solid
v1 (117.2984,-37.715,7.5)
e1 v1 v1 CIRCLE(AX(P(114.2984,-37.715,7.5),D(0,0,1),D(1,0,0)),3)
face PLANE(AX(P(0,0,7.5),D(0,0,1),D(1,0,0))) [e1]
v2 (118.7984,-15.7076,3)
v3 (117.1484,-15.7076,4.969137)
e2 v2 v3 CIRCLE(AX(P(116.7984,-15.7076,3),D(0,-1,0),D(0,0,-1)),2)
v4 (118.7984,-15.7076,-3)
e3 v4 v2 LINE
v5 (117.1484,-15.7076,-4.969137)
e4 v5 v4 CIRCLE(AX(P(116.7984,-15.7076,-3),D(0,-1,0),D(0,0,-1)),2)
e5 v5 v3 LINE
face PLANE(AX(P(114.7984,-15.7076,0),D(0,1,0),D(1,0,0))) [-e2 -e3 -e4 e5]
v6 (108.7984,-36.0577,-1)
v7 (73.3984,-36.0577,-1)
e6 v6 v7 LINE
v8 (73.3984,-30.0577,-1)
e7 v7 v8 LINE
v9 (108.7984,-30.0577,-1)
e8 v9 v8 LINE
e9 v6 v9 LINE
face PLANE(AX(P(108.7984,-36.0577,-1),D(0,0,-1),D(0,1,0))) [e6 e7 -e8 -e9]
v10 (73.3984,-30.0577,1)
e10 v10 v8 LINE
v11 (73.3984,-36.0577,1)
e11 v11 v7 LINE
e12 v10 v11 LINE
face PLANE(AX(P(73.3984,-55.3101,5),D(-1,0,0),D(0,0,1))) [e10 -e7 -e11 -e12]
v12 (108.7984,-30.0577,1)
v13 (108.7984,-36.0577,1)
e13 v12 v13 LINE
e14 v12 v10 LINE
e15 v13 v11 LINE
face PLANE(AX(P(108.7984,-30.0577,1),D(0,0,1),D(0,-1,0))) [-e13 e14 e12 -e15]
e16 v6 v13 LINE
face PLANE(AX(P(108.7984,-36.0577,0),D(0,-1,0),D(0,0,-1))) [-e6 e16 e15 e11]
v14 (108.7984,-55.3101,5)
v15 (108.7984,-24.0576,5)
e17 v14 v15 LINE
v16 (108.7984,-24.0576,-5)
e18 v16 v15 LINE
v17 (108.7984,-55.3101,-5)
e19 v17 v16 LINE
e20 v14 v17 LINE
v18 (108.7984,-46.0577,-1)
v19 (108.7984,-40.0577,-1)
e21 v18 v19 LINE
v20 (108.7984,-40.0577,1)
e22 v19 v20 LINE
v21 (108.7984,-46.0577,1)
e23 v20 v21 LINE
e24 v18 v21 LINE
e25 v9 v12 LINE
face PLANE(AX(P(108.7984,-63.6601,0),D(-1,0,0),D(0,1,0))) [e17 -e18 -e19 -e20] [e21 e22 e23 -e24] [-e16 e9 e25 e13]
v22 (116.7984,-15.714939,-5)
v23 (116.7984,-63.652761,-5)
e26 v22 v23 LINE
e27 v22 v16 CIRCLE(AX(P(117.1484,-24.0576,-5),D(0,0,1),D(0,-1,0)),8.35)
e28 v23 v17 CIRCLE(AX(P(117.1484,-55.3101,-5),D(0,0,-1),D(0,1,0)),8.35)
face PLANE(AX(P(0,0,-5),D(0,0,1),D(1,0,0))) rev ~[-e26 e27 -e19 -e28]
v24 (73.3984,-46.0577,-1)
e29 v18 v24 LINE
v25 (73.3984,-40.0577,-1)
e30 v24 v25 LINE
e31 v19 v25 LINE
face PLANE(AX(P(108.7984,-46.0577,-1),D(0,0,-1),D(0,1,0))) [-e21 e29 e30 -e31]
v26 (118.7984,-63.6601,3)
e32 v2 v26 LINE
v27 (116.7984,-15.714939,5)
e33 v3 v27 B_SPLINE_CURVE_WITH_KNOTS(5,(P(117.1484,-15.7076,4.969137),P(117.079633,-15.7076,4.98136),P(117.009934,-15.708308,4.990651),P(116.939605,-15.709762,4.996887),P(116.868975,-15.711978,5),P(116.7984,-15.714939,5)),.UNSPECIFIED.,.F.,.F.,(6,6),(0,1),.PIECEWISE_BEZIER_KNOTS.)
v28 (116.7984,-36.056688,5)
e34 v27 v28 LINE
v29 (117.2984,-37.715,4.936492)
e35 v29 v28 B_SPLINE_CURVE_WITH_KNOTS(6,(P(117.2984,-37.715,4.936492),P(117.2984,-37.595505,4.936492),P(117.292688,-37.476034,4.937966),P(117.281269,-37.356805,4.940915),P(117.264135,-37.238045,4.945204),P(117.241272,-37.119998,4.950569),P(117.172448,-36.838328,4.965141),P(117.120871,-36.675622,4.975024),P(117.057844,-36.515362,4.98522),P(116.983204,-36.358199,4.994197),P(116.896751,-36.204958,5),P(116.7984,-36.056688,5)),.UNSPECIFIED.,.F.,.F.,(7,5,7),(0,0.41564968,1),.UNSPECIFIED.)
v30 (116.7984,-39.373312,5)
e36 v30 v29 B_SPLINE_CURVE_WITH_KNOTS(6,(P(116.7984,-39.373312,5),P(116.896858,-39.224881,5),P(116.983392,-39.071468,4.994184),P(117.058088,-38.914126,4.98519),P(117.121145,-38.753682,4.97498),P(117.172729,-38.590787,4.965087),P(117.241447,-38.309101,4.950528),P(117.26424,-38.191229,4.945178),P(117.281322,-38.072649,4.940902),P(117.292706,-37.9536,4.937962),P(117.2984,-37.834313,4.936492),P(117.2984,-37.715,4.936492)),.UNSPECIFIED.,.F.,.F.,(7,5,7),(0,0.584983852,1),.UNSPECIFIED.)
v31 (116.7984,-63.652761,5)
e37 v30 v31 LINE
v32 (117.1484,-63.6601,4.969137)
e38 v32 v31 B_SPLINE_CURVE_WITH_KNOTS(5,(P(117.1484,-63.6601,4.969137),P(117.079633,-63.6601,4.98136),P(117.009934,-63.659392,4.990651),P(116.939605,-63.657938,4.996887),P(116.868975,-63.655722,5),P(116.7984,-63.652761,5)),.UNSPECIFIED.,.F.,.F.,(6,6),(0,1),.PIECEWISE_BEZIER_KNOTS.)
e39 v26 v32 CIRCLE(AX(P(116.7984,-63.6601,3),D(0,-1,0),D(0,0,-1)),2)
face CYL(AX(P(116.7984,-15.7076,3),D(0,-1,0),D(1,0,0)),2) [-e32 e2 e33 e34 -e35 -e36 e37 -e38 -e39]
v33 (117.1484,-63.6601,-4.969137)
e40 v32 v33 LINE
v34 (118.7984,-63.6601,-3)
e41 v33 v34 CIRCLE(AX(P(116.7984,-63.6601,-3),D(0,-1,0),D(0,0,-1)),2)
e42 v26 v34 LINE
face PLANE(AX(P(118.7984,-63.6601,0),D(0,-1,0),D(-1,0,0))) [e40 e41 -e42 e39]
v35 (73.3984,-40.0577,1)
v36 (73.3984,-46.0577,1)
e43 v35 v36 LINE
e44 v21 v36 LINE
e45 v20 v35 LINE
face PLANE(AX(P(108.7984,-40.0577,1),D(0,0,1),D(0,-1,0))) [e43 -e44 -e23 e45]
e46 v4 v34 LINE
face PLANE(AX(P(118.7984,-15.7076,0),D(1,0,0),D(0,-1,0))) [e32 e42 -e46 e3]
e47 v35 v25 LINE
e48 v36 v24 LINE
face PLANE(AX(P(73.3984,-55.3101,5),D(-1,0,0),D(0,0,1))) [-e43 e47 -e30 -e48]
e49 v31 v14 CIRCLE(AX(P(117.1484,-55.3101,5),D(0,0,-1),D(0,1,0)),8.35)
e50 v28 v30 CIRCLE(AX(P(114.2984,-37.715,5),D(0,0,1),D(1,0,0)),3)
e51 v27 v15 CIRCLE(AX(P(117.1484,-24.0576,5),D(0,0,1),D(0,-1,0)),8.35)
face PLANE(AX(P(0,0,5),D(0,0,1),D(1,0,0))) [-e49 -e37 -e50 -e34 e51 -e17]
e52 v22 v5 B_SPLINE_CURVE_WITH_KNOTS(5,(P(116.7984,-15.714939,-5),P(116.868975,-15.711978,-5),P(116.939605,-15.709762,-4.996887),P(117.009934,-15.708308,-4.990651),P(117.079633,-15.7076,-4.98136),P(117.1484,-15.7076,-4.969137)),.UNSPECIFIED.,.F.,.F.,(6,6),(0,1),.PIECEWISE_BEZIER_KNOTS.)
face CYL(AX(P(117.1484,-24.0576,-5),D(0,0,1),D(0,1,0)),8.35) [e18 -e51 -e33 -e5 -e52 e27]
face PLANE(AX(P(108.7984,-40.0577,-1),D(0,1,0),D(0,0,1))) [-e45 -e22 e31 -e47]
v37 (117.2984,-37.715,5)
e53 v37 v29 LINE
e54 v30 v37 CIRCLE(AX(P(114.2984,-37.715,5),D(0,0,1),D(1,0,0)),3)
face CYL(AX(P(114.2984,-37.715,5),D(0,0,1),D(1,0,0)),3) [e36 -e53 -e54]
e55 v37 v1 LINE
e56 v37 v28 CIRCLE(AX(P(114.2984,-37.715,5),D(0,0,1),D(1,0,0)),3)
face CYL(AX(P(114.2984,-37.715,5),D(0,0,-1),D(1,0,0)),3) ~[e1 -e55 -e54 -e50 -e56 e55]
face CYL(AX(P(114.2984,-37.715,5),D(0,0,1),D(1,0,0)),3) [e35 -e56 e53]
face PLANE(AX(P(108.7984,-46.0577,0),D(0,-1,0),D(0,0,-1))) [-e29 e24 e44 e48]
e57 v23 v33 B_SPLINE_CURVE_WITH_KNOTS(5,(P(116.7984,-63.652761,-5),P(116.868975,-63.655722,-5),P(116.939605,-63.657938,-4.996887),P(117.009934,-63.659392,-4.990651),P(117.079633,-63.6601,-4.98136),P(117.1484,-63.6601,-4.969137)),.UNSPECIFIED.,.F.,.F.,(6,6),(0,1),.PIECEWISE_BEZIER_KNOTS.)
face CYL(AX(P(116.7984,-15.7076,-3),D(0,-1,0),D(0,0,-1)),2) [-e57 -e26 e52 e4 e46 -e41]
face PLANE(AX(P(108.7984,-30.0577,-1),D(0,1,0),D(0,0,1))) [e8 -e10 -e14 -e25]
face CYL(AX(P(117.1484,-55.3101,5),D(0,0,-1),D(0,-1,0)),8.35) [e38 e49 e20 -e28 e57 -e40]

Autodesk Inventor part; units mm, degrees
ref_plane "YZ Plane" through (0, 0, 0) normal (1, 0, 0) x (0, 1, 0)
ref_plane "XZ Plane" through (0, 0, 0) normal (0, 1, 0) x (-1, 0, 0)
ref_plane "XY Plane" through (0, 0, 0) normal (0, 0, 1) x (1, 0, 0)
sketch "Sketch1" plane through (0, 0, 0) normal (0, 0, 1) x (1, 0, 0)
  line L0 (118.7984, -15.7076) -> (118.7984, -63.6601)
  line L1 (118.7984, -63.6601) -> (108.7984, -63.6601)
  line L2 (108.7984, -63.6601) -> (108.7984, -15.7076)
  line L3 (108.7984, -15.7076) -> (118.7984, -15.7076)
  line L4 (114.7984, 76.5) -> (114.7984, -850)
  point P0 (0, 0)
  dimension "d0" = 6
  dimension "d1" = 10
extrude "Extrusion1" add sketch "Sketch1" along normal mid plane 10
fillet "Fillet1" radius 8.35 2 edges at (108.7984, -15.7076, 0) (108.7984, -63.6601, 0)
fillet "Fillet2" radius 2 2 edges at (118.7984, -39.6839, -5) (118.7984, -39.6839, 5)
sketch "Sketch2" plane through (108.7984, -55.3101, 5) normal (-1, 0, 0) x (0, 0, 1)
  line L0 (-10, 31.2524) -> (0, 31.2524) projected
  line L1 (-6, 25.2524) -> (-4, 25.2524)
  line L2 (-4, 25.2524) -> (-4, 19.2524)
  line L3 (-4, 19.2524) -> (-6, 19.2524)
  line L4 (-6, 19.2524) -> (-6, 25.2524)
  line L5 (-5, 424.5751) -> (-5, -1099.7802)
  line L6 (-6, 15.2524) -> (-4, 15.2524)
  line L7 (-4, 15.2524) -> (-4, 9.2524)
  line L8 (-4, 9.2524) -> (-6, 9.2524)
  line L9 (-6, 9.2524) -> (-6, 15.2524)
  line L10 (-6.5, 55.3101) -> (-3.5, 55.3101) projected
  line L11 (-3.5, -794.6899) -> (-3.5, 55.3101) projected
  line L12 (-6.5, -794.6899) -> (-3.5, -794.6899) projected
  line L13 (-6.5, -794.6899) -> (-6.5, 55.3101) projected
  point P0 (-5, 55.3101)
  dimension "d6" = 1
  dimension "d7" = 2
  dimension "d8" = 6
  dimension "d9" = 6
  dimension "d12" = 10
extrude "Extrusion2" add sketch "Sketch2" along normal blind 35.4 contours L5 L3 L4 L1 | L1 L2 L3 L5 | L8 L9 L6 L5 | L5 L6 L7 L8
sketch "Sketch3" plane through (0, 0, 5) normal (0, 0, 1) x (1, 0, 0)
  line L0 (108.7984, -55.3101) -> (108.7984, -24.0576) projected
  circle A0 centre (114.2984, -37.715) radius 3
  point P0 (116.7984, -15.715)
  point P1 (0, 0)
  dimension "d19" = 5.5
  dimension "d20" = 22
  dimension "d23" = 6
extrude "Extrusion3" add sketch "Sketch3" along normal mid plane 5
properties part number "ThreadBreak"
